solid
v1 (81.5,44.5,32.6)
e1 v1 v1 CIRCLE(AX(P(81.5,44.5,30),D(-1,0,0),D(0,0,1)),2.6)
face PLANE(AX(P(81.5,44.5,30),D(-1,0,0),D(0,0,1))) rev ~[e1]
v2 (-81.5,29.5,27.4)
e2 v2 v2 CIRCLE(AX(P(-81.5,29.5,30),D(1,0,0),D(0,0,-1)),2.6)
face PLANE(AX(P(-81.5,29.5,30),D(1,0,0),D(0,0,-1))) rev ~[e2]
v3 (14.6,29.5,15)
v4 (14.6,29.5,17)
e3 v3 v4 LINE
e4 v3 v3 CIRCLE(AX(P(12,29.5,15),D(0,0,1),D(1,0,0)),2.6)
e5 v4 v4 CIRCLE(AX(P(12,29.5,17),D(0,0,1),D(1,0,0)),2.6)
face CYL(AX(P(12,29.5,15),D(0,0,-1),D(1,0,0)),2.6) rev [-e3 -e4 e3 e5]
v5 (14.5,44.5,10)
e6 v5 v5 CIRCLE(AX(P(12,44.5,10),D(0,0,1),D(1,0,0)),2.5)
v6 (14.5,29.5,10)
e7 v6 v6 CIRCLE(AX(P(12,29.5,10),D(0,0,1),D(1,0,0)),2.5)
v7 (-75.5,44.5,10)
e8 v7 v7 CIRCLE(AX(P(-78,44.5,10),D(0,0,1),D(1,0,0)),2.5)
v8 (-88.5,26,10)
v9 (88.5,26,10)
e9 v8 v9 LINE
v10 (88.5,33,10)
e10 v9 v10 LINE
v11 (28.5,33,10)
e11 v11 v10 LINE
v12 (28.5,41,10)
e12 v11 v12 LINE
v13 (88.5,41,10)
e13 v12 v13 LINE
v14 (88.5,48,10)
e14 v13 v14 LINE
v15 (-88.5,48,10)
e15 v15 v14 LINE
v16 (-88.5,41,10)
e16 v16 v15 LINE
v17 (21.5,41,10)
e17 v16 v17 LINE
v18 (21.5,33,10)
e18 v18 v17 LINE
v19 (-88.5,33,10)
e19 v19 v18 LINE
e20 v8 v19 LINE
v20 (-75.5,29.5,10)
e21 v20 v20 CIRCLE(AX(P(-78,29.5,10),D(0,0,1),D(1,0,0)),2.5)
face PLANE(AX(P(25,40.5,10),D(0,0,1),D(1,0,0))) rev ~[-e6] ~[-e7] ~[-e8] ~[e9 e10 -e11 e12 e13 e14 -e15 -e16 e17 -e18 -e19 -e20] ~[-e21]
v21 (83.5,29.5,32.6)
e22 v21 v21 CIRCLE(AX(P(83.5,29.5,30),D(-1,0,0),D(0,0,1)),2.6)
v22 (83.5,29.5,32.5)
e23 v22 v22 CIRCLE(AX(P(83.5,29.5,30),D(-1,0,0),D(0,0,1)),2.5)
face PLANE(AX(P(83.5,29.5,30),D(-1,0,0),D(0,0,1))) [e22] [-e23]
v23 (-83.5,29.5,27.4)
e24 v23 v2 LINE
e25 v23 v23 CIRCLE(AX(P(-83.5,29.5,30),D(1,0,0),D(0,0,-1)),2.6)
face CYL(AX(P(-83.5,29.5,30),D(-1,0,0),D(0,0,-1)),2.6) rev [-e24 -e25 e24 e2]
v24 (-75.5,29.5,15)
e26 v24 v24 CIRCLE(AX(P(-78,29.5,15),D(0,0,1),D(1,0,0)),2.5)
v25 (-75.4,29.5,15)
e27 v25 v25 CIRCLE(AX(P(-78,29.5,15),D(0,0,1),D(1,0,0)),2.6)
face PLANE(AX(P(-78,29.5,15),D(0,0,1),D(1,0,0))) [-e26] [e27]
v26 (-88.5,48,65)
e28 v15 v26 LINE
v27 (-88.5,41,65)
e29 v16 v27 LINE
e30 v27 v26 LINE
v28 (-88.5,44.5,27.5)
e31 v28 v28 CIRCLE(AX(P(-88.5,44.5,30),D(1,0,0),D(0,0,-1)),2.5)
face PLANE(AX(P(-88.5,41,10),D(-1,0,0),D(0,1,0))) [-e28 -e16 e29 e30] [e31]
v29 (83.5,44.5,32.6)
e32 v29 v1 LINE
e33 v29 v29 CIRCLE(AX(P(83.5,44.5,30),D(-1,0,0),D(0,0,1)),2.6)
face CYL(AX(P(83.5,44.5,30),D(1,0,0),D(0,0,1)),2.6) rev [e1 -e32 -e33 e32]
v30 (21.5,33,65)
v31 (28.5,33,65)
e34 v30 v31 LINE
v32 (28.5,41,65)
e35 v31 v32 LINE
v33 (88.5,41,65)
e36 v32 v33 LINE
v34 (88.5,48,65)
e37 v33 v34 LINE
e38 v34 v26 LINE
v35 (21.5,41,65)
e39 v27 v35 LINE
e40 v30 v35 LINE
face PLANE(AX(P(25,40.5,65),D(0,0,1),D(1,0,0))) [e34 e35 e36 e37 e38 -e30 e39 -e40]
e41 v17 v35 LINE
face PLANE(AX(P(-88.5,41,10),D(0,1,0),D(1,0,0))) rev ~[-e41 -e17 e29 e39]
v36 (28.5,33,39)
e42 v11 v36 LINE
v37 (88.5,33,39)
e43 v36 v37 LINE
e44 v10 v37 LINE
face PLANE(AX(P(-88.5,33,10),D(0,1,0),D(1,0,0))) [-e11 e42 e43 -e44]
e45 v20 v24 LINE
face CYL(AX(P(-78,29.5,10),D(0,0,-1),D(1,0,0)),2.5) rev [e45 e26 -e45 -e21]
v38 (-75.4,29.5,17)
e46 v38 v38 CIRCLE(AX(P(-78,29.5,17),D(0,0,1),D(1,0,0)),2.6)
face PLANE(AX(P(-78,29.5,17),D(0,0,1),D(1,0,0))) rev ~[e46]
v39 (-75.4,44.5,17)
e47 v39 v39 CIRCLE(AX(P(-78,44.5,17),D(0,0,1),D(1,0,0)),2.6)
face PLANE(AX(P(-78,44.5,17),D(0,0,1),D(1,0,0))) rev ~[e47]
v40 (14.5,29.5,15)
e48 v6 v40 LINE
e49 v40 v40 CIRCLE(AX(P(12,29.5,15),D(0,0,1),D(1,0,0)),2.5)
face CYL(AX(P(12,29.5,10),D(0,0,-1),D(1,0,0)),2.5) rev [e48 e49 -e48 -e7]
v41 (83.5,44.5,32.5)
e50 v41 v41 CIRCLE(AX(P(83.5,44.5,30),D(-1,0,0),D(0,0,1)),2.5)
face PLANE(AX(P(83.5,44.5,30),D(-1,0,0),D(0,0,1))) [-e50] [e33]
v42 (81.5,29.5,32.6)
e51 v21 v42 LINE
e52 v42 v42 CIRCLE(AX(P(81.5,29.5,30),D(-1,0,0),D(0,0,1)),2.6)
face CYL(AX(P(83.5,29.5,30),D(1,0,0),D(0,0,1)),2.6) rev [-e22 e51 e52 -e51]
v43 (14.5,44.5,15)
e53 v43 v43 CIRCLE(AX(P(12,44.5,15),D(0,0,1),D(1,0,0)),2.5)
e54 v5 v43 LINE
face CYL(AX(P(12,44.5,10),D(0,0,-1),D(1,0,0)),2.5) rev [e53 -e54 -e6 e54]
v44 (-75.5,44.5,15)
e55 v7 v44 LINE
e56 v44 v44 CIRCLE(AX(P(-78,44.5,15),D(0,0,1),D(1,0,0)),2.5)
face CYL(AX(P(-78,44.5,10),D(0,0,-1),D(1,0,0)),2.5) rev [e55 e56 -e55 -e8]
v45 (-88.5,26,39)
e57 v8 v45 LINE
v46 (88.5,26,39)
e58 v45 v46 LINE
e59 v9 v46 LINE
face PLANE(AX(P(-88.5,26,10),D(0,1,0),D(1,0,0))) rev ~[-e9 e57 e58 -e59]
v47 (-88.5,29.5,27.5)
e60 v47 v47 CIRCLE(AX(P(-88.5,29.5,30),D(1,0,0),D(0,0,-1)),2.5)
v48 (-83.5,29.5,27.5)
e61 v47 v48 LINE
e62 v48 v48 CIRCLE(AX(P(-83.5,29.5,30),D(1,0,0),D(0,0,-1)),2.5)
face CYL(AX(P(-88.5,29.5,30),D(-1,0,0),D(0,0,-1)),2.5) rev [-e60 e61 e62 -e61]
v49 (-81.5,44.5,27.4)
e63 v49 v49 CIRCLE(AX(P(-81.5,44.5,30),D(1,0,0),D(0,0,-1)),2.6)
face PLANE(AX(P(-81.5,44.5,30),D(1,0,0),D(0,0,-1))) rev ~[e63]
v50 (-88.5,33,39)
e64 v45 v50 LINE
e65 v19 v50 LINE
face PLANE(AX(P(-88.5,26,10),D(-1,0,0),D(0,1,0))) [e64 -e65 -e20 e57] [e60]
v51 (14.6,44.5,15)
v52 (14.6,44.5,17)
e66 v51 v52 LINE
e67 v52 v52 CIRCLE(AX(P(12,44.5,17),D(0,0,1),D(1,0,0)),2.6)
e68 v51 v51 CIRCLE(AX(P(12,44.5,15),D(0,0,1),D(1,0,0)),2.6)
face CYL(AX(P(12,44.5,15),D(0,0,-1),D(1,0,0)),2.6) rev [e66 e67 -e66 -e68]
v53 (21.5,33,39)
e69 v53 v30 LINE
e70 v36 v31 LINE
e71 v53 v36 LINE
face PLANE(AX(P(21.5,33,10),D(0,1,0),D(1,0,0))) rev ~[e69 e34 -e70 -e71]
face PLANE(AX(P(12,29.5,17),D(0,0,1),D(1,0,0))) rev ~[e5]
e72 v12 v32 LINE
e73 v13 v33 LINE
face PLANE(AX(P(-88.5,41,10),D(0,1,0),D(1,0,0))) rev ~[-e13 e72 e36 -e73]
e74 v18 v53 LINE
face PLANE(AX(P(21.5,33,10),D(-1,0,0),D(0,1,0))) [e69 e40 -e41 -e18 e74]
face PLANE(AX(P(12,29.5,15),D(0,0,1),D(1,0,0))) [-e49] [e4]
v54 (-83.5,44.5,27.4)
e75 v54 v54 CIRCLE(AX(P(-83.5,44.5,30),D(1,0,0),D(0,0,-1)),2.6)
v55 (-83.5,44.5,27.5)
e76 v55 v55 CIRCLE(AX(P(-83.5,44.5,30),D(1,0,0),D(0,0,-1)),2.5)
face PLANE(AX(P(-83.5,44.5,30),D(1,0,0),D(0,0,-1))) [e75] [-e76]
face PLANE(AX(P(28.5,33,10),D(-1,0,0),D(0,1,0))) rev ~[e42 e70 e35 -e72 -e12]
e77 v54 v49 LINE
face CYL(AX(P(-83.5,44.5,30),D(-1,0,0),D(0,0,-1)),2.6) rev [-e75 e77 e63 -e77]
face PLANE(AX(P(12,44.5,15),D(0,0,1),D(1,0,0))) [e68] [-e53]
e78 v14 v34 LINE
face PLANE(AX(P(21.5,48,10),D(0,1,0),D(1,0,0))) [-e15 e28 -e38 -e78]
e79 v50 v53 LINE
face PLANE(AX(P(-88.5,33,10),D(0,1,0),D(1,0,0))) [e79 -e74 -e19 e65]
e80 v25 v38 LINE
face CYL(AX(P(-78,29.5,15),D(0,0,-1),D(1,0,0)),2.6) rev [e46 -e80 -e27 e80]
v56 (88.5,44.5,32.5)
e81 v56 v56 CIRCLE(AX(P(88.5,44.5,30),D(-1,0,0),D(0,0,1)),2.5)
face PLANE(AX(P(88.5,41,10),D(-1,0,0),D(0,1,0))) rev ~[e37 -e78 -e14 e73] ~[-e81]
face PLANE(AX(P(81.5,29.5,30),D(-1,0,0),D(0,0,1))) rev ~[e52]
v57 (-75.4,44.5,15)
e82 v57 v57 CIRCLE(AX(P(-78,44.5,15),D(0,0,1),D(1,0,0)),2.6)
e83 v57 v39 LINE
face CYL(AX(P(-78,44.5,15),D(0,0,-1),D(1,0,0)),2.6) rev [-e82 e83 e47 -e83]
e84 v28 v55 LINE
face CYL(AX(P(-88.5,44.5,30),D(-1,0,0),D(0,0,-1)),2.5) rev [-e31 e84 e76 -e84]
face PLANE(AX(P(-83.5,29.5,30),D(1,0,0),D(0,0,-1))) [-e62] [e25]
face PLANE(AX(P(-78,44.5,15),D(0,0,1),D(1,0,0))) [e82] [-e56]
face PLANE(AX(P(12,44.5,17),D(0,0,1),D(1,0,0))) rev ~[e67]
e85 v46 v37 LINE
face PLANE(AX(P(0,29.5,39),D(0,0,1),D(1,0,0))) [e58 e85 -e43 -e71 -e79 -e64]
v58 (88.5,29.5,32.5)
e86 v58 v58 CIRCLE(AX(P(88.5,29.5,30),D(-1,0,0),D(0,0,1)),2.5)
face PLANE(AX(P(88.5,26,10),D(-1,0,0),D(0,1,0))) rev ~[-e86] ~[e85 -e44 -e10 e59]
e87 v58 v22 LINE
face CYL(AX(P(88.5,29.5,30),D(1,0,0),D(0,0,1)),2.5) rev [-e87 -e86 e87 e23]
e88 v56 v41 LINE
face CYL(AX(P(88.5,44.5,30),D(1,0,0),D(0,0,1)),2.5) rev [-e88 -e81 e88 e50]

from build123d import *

# Parameters (mm, degrees)
CYLINDER151_R             = 2.6
CYLINDER151_DEPTH         = 2
CYLINDER146_R             = 2.5
CYLINDER146_DEPTH         = 5
FUSION068_PLACEMENT_ANGLE = 90
CYLINDER143_R             = 2.6
CYLINDER143_DEPTH         = 2
CYLINDER142_R             = 2.5
CYLINDER142_DEPTH         = 5
FUSION067_PLACEMENT_ANGLE = 270
CYLINDER141_R             = 2.6
CYLINDER141_DEPTH         = 2
CYLINDER140_R             = 2.5
CYLINDER140_DEPTH         = 5
FUSION065_PLACEMENT_ANGLE = 90
CYLINDER133_R             = 2.6
CYLINDER133_DEPTH         = 2
CYLINDER132_R             = 2.5
CYLINDER132_DEPTH         = 5
CYLINDER135_R             = 2.6
CYLINDER135_DEPTH         = 2
CYLINDER136_R             = 2.5
CYLINDER136_DEPTH         = 5
CYLINDER131_R             = 2.6
CYLINDER131_DEPTH         = 2
CYLINDER130_R             = 2.5
CYLINDER130_DEPTH         = 5
CYLINDER134_R             = 2.6
CYLINDER134_DEPTH         = 2
CYLINDER137_R             = 2.5
CYLINDER137_DEPTH         = 5
CYLINDER150_R             = 2.6
CYLINDER150_DEPTH         = 2
CYLINDER149_R             = 2.5
CYLINDER149_DEPTH         = 5
FUSION069_PLACEMENT_ANGLE = 90
BOX030_W                  = 177
BOX030_H                  = 7
BOX030_DEPTH              = 29
BOX036_W                  = 7
BOX036_H                  = 15
BOX036_DEPTH              = 55
BOX031_W                  = 177
BOX031_H                  = 7
BOX031_DEPTH              = 55


with BuildPart() as cilindro151:
    # Cylinder151 → Cylinder151 (new body)
    with BuildSketch(Plane.XY.offset(5)):
        Circle(CYLINDER151_R)
    extrude(amount=CYLINDER151_DEPTH)


with BuildPart() as enganche_lego034:
    # Cylinder146 → Cylinder146 (new body)
    with BuildSketch(Plane.XY):
        Circle(CYLINDER146_R)
    extrude(amount=CYLINDER146_DEPTH)

    # Fusion068: union Cilindro151
    add(cilindro151.part)


with BuildPart() as enganche_lego034_1:
    # Fusion068 placement: moved
    add(enganche_lego034.part.moved(Location((88.5, 44.5, 30))).rotate(Axis((88.5, 44.5, 30), (0, -1, 0)), FUSION068_PLACEMENT_ANGLE))


with BuildPart() as cilindro143:
    # Cylinder143 → Cylinder143 (new body)
    with BuildSketch(Plane.XY.offset(5)):
        Circle(CYLINDER143_R)
    extrude(amount=CYLINDER143_DEPTH)


with BuildPart() as enganche_lego033:
    # Cylinder142 → Cylinder142 (new body)
    with BuildSketch(Plane.XY):
        Circle(CYLINDER142_R)
    extrude(amount=CYLINDER142_DEPTH)

    # Fusion067: union Cilindro143
    add(cilindro143.part)


with BuildPart() as enganche_lego033_1:
    # Fusion067 placement: moved
    add(enganche_lego033.part.moved(Location((88.5, 29.5, 30))).rotate(Axis((88.5, 29.5, 30), (0, 1, 0)), FUSION067_PLACEMENT_ANGLE))


with BuildPart() as cilindro141:
    # Cylinder141 → Cylinder141 (new body)
    with BuildSketch(Plane.XY.offset(5)):
        Circle(CYLINDER141_R)
    extrude(amount=CYLINDER141_DEPTH)


with BuildPart() as enganche_lego031:
    # Cylinder140 → Cylinder140 (new body)
    with BuildSketch(Plane.XY):
        Circle(CYLINDER140_R)
    extrude(amount=CYLINDER140_DEPTH)

    # Fusion065: union Cilindro141
    add(cilindro141.part)


with BuildPart() as enganche_lego031_1:
    # Fusion065 placement: moved
    add(enganche_lego031.part.moved(Location((-88.5, 29.5, 30))).rotate(Axis((-88.5, 29.5, 30), (0, 1, 0)), FUSION065_PLACEMENT_ANGLE))


with BuildPart() as cilindro133:
    # Cylinder133 → Cylinder133 (new body)
    with BuildSketch(Plane.XY.offset(5)):
        Circle(CYLINDER133_R)
    extrude(amount=CYLINDER133_DEPTH)


with BuildPart() as enganche_lego029:
    # Cylinder132 → Cylinder132 (new body)
    with BuildSketch(Plane.XY):
        Circle(CYLINDER132_R)
    extrude(amount=CYLINDER132_DEPTH)

    # Fusion063: union Cilindro133
    add(cilindro133.part)


with BuildPart() as enganche_lego029_1:
    # Fusion063 placement: moved
    add(enganche_lego029.part.moved(Location((-78, 29.5, 10))))


with BuildPart() as cilindro135:
    # Cylinder135 → Cylinder135 (new body)
    with BuildSketch(Plane.XY.offset(5)):
        Circle(CYLINDER135_R)
    extrude(amount=CYLINDER135_DEPTH)


with BuildPart() as enganche_lego028:
    # Cylinder136 → Cylinder136 (new body)
    with BuildSketch(Plane.XY):
        Circle(CYLINDER136_R)
    extrude(amount=CYLINDER136_DEPTH)

    # Fusion062: union Cilindro135
    add(cilindro135.part)


with BuildPart() as enganche_lego028_1:
    # Fusion062 placement: moved
    add(enganche_lego028.part.moved(Location((12, 44.5, 10))))


with BuildPart() as cilindro131:
    # Cylinder131 → Cylinder131 (new body)
    with BuildSketch(Plane.XY.offset(5)):
        Circle(CYLINDER131_R)
    extrude(amount=CYLINDER131_DEPTH)


with BuildPart() as enganche_lego026:
    # Cylinder130 → Cylinder130 (new body)
    with BuildSketch(Plane.XY):
        Circle(CYLINDER130_R)
    extrude(amount=CYLINDER130_DEPTH)

    # Fusion060: union Cilindro131
    add(cilindro131.part)


with BuildPart() as enganche_lego026_1:
    # Fusion060 placement: moved
    add(enganche_lego026.part.moved(Location((12, 29.5, 10))))


with BuildPart() as cilindro134:
    # Cylinder134 → Cylinder134 (new body)
    with BuildSketch(Plane.XY.offset(5)):
        Circle(CYLINDER134_R)
    extrude(amount=CYLINDER134_DEPTH)


with BuildPart() as enganche_lego027:
    # Cylinder137 → Cylinder137 (new body)
    with BuildSketch(Plane.XY):
        Circle(CYLINDER137_R)
    extrude(amount=CYLINDER137_DEPTH)

    # Fusion061: union Cilindro134
    add(cilindro134.part)


with BuildPart() as enganche_lego027_1:
    # Fusion061 placement: moved
    add(enganche_lego027.part.moved(Location((-78, 44.5, 10))))


with BuildPart() as cilindro150:
    # Cylinder150 → Cylinder150 (new body)
    with BuildSketch(Plane.XY.offset(5)):
        Circle(CYLINDER150_R)
    extrude(amount=CYLINDER150_DEPTH)


with BuildPart() as fusion073:
    # Cylinder149 → Cylinder149 (new body)
    with BuildSketch(Plane.XY):
        Circle(CYLINDER149_R)
    extrude(amount=CYLINDER149_DEPTH)

    # Fusion069: union Cilindro150
    add(cilindro150.part)


with BuildPart() as fusion073_1:
    # Fusion069 placement: moved
    add(fusion073.part.moved(Location((-88.5, 44.5, 30))).rotate(Axis((-88.5, 44.5, 30), (0, 1, 0)), FUSION069_PLACEMENT_ANGLE))

    # Fusion073: union enganche_lego034, enganche_lego033, enganche_lego031, enganche_lego029, enganche_lego028, enganche_lego026, enganche_lego027
    add(enganche_lego034_1.part)
    add(enganche_lego033_1.part)
    add(enganche_lego031_1.part)
    add(enganche_lego029_1.part)
    add(enganche_lego028_1.part)
    add(enganche_lego026_1.part)
    add(enganche_lego027_1.part)


with BuildPart() as cubo027:
    # Box030 → Box030 (new body)
    with BuildSketch(Plane(origin=(-88.5, 26, 10), x_dir=(1, 0, 0), z_dir=(0, 0, 1))):
        with Locations((88.5, 3.5)):
            Rectangle(BOX030_W, BOX030_H)
    extrude(amount=BOX030_DEPTH)


with BuildPart() as cubo033:
    # Box036 → Box036 (new body)
    with BuildSketch(Plane(origin=(21.5, 33, 10), x_dir=(1, 0, 0), z_dir=(0, 0, 1))):
        with Locations((3.5, 7.5)):
            Rectangle(BOX036_W, BOX036_H)
    extrude(amount=BOX036_DEPTH)


with BuildPart() as engranajesuj1:
    # Box031 → Box031 (new body)
    with BuildSketch(Plane(origin=(-88.5, 41, 10), x_dir=(1, 0, 0), z_dir=(0, 0, 1))):
        with Locations((88.5, 3.5)):
            Rectangle(BOX031_W, BOX031_H)
    extrude(amount=BOX031_DEPTH)

    # Fusion072: union Cubo027, Cubo033
    add(cubo027.part)
    add(cubo033.part)

    # Cut057: cut Fusion073
    add(fusion073_1.part, mode=Mode.SUBTRACT)


solid = engranajesuj1.part
